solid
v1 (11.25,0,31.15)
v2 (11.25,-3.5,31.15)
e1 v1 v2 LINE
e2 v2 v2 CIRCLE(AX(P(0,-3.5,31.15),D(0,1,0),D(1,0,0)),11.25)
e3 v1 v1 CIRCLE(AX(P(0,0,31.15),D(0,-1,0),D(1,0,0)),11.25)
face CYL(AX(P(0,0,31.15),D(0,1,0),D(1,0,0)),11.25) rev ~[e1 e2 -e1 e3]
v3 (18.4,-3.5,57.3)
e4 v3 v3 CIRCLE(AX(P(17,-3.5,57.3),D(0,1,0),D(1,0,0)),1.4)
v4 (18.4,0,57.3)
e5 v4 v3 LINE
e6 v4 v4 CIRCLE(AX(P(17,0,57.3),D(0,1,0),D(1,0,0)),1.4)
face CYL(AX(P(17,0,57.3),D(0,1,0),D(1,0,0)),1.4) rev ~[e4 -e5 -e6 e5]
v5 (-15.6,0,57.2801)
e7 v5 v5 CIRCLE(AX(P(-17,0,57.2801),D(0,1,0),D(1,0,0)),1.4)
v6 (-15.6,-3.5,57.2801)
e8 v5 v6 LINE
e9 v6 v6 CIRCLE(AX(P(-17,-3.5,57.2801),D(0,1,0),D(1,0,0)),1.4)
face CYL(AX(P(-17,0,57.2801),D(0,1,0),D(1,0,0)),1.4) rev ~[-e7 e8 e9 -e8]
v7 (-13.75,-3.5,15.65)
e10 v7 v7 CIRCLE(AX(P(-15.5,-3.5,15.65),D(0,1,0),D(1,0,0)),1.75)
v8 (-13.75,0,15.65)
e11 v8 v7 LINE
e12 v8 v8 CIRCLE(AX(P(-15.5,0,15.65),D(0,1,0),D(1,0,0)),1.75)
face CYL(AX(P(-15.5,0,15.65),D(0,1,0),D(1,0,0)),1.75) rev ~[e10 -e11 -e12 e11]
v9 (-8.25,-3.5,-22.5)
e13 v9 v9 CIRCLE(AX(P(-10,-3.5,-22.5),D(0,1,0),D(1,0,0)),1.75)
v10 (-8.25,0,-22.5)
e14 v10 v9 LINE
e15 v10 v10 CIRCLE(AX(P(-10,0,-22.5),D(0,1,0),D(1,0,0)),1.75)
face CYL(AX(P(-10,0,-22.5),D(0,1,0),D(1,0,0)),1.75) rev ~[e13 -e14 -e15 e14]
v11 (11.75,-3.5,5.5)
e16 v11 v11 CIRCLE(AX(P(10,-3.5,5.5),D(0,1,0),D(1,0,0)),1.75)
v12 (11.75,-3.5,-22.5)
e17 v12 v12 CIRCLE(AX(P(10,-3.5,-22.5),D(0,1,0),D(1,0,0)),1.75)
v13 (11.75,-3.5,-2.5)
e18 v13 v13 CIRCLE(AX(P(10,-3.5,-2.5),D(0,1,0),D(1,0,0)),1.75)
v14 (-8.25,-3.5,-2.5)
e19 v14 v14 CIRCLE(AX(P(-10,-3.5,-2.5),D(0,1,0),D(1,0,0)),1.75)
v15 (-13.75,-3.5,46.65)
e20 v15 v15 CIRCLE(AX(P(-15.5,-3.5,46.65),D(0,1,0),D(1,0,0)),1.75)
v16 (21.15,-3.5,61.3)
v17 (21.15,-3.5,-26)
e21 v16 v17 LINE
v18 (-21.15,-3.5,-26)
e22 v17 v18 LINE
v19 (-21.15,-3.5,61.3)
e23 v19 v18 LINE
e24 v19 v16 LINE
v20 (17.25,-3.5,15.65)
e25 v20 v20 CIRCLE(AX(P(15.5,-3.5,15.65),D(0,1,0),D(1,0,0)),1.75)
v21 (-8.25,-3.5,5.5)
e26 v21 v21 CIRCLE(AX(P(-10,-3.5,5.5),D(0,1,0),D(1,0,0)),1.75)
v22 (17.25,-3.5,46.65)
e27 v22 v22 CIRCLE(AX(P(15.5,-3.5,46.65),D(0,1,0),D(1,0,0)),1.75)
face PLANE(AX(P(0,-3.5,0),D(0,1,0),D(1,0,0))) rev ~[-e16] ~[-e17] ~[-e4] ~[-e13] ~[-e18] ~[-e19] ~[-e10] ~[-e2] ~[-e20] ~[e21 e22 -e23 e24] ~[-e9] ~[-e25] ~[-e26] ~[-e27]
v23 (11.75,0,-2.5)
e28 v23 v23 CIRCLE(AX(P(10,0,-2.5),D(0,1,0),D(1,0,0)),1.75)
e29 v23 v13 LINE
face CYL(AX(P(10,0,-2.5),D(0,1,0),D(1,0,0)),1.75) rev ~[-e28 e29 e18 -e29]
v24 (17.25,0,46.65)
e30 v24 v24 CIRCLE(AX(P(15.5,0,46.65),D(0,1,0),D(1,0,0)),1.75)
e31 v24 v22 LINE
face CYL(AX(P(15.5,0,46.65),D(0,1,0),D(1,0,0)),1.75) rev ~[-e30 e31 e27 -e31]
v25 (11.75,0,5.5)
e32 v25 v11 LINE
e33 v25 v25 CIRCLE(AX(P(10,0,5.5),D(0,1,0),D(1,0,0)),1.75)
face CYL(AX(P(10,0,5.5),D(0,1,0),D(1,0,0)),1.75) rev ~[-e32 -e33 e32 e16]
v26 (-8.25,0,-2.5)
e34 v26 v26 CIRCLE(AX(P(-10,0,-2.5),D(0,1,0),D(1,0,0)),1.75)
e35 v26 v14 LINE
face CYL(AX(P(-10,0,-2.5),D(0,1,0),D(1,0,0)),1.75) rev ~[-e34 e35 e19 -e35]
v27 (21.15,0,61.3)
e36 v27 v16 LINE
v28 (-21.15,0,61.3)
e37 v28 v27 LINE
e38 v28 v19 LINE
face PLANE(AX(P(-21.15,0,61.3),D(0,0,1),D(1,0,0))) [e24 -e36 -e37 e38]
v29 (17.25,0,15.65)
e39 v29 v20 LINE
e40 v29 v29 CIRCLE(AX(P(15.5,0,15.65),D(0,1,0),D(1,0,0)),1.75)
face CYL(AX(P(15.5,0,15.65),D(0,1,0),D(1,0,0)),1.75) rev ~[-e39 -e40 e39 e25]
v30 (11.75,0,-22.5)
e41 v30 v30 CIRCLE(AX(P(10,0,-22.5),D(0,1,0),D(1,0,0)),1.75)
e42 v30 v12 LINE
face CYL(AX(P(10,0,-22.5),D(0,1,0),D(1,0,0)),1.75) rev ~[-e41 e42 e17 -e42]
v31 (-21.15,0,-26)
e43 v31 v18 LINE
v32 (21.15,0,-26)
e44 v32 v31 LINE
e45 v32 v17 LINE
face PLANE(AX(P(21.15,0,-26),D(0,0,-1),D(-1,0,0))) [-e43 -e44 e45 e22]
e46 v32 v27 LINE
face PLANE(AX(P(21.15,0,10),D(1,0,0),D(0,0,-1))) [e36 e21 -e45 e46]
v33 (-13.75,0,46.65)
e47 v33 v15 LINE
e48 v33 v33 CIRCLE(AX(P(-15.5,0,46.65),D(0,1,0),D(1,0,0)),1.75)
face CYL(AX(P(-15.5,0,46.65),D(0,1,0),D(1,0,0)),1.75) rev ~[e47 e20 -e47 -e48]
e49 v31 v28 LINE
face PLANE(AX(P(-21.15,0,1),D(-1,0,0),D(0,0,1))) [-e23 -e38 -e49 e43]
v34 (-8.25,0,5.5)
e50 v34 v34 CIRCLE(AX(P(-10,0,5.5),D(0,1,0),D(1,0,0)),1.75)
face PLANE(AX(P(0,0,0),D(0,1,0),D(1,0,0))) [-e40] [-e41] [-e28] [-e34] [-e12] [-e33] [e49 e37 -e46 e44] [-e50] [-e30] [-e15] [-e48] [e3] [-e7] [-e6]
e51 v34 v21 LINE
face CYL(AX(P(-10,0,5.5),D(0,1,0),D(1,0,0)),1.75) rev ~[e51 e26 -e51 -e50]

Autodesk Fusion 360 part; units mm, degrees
sketch "Sketch1" plane through (0, 0, 0) normal (0, 1, 0) x (1, 0, 0)
  line L0 (32, 30) -> (-32, 30)
  line L1 (-32, 30) -> (-32, -30)
  line L2 (-32, -30) -> (32, -30)
  line L3 (32, -30) -> (32, 30)
  line L4 (32, 30) -> (-32, -30) construction
  line L5 (-32, 30) -> (32, -30) construction
  line L6 (-10, 2.5) -> (10, 2.5) construction
  line L7 (10, 2.5) -> (10, 22.5) construction
  line L8 (10, 22.5) -> (-10, 22.5) construction
  line L9 (-10, 22.5) -> (-10, 2.5) construction
  circle A0 centre (-10, 2.5) radius 1.75
  circle A1 centre (10, 2.5) radius 1.75
  circle A2 centre (10, 22.5) radius 1.75
  circle A3 centre (-10, 22.5) radius 1.75
  line L10 (28, 26) -> (-28, 26)
  line L11 (-28, 26) -> (-28, -26)
  line L12 (-28, -26) -> (28, -26)
  line L13 (28, -26) -> (28, 26)
  line L14 (-28, -26) -> (-24, -26)
  line L15 (-24, -26) -> (-24, 0)
  line L16 (-24, 0) -> (-28, 0)
  line L17 (-28, 0) -> (-28, -26)
  line L18 (28, -26) -> (24, -26)
  line L19 (24, -26) -> (24, 0)
  line L20 (24, 0) -> (28, 0)
  line L21 (28, 0) -> (28, -26)
  line L22 (21.15, -30) -> (-21.15, -30) construction
  line L23 (-21.15, -30) -> (-21.15, -22) construction
  line L24 (21.15, -22) -> (21.15, -30) construction
  line L25 (-21.15, -30) -> (21.15, -30)
  line L26 (21.15, -30) -> (21.15, -10)
  line L27 (21.15, -10) -> (-21.15, -10)
  line L28 (-21.15, -10) -> (-21.15, -30)
  line L29 (21.15, -10) -> (-21.15, -10)
  line L30 (-21.15, -10) -> (-21.15, -52.3)
  line L31 (-21.15, -52.3) -> (21.15, -52.3)
  line L32 (21.15, -52.3) -> (21.15, -10)
  line L33 (21.15, -52.3) -> (-21.15, -10) construction
  line L34 (-21.15, -52.3) -> (21.15, -10) construction
  line L35 (-15.5, -15.65) -> (15.5, -15.65) construction
  line L36 (15.5, -15.65) -> (15.5, -46.65) construction
  line L37 (15.5, -46.65) -> (-15.5, -46.65) construction
  line L38 (-15.5, -46.65) -> (-15.5, -15.65) construction
  line L39 (-15.5, -15.65) -> (15.5, -46.65) construction
  line L40 (15.5, -15.65) -> (-15.5, -46.65) construction
  circle A4 centre (15.5, -46.65) radius 1.75
  circle A5 centre (-15.5, -46.65) radius 1.75
  circle A6 centre (-15.5, -15.65) radius 1.75
  circle A7 centre (15.5, -15.65) radius 1.75
  circle A8 centre (0, -31.15) radius 11.25
  line L41 (-21.15, -26) -> (21.15, -26)
  line L42 (21.15, -26) -> (21.15, 26)
  line L43 (21.15, 26) -> (-21.15, 26)
  line L44 (-21.15, 26) -> (-21.15, -26)
  line L45 (21.15, 26) -> (-21.15, 26)
  line L46 (-21.15, 26) -> (-21.15, -1)
  line L47 (-21.15, -1) -> (21.15, -1)
  line L48 (21.15, -1) -> (21.15, 26)
  line L49 (21.15, -1) -> (-21.15, -1) construction
  line L50 (-21.15, -1) -> (-21.15, -10) construction
  line L51 (-21.15, -10) -> (21.15, -10) construction
  line L52 (21.15, -10) -> (21.15, -1) construction
  circle A9 centre (-10, -5.5) radius 1.75
  circle A10 centre (10, -5.5) radius 1.75
  line L53 (21.15, -52.3) -> (-21.15, -52.3)
  line L54 (-21.15, -52.3) -> (-21.15, -61.3)
  line L55 (-21.15, -61.3) -> (21.15, -61.3)
  line L56 (21.15, -61.3) -> (21.15, -52.3)
  circle A11 centre (-17, -57.2801) radius 1.4
  circle A12 centre (17, -57.3) radius 1.4
  point P0 (0, -26)
  point P1 (0, -31.15)
  dimension "d1" = 64
  dimension "d2" = 60
  dimension "d3" = 20
  dimension "d4" = 20
  dimension "d6" = 22
  dimension "d7" = 3.5
  dimension "d8" = 3.5
  dimension "d9" = 3.5
  dimension "d10" = 3.5
  dimension "d11" = -4
  dimension "d12" = 4
  dimension "d13" = 4
  dimension "d40" = 3.5
  dimension "d41" = 26
  dimension "d42" = 26
  dimension "d43" = 42.3
  dimension "d44" = 8
  dimension "d45" = 20
  dimension "d46" = 42.3
  dimension "d49" = 31
  dimension "d50" = 31
  dimension "d51" = 3.5
  dimension "d52" = 3.5
  dimension "d53" = 3.5
  dimension "d54" = 3.5
  dimension "d57" = 22.5
  dimension "d58" = 27
  dimension "d59" = 3.5
  dimension "d60" = 3.5
  dimension "d61" = 4.5
  dimension "d62" = 4.5
  dimension "d64" = 11.15
  dimension "d65" = 11.15
  dimension "d66" = 9
  dimension "d67" = 2.8
  dimension "d68" = 2.8
  dimension "d69" = 4
  dimension "d72" = 42.3
  dimension "d74" = 4.15
  dimension "d75" = 34
extrude "Extrude1" add sketch "Sketch1" against normal blind 3.5 contours L27 L29 L42 L44 L47 | L10 L42 L43 L44 L45 L46 L47 L48
extrude "Extrude8" add sketch "Sketch1" against normal blind 3.5 contours L2 L25 L30 L31 L32 A8 L53 | L2 L12 L25 L26 L32 A8 L41 | L2 L12 L25 L28 L30 A8 L41 | L12 L26 L27 L28 L29 L30 L32 A8 L41 L42 L44 | L31 L53 L54 L55 L56
